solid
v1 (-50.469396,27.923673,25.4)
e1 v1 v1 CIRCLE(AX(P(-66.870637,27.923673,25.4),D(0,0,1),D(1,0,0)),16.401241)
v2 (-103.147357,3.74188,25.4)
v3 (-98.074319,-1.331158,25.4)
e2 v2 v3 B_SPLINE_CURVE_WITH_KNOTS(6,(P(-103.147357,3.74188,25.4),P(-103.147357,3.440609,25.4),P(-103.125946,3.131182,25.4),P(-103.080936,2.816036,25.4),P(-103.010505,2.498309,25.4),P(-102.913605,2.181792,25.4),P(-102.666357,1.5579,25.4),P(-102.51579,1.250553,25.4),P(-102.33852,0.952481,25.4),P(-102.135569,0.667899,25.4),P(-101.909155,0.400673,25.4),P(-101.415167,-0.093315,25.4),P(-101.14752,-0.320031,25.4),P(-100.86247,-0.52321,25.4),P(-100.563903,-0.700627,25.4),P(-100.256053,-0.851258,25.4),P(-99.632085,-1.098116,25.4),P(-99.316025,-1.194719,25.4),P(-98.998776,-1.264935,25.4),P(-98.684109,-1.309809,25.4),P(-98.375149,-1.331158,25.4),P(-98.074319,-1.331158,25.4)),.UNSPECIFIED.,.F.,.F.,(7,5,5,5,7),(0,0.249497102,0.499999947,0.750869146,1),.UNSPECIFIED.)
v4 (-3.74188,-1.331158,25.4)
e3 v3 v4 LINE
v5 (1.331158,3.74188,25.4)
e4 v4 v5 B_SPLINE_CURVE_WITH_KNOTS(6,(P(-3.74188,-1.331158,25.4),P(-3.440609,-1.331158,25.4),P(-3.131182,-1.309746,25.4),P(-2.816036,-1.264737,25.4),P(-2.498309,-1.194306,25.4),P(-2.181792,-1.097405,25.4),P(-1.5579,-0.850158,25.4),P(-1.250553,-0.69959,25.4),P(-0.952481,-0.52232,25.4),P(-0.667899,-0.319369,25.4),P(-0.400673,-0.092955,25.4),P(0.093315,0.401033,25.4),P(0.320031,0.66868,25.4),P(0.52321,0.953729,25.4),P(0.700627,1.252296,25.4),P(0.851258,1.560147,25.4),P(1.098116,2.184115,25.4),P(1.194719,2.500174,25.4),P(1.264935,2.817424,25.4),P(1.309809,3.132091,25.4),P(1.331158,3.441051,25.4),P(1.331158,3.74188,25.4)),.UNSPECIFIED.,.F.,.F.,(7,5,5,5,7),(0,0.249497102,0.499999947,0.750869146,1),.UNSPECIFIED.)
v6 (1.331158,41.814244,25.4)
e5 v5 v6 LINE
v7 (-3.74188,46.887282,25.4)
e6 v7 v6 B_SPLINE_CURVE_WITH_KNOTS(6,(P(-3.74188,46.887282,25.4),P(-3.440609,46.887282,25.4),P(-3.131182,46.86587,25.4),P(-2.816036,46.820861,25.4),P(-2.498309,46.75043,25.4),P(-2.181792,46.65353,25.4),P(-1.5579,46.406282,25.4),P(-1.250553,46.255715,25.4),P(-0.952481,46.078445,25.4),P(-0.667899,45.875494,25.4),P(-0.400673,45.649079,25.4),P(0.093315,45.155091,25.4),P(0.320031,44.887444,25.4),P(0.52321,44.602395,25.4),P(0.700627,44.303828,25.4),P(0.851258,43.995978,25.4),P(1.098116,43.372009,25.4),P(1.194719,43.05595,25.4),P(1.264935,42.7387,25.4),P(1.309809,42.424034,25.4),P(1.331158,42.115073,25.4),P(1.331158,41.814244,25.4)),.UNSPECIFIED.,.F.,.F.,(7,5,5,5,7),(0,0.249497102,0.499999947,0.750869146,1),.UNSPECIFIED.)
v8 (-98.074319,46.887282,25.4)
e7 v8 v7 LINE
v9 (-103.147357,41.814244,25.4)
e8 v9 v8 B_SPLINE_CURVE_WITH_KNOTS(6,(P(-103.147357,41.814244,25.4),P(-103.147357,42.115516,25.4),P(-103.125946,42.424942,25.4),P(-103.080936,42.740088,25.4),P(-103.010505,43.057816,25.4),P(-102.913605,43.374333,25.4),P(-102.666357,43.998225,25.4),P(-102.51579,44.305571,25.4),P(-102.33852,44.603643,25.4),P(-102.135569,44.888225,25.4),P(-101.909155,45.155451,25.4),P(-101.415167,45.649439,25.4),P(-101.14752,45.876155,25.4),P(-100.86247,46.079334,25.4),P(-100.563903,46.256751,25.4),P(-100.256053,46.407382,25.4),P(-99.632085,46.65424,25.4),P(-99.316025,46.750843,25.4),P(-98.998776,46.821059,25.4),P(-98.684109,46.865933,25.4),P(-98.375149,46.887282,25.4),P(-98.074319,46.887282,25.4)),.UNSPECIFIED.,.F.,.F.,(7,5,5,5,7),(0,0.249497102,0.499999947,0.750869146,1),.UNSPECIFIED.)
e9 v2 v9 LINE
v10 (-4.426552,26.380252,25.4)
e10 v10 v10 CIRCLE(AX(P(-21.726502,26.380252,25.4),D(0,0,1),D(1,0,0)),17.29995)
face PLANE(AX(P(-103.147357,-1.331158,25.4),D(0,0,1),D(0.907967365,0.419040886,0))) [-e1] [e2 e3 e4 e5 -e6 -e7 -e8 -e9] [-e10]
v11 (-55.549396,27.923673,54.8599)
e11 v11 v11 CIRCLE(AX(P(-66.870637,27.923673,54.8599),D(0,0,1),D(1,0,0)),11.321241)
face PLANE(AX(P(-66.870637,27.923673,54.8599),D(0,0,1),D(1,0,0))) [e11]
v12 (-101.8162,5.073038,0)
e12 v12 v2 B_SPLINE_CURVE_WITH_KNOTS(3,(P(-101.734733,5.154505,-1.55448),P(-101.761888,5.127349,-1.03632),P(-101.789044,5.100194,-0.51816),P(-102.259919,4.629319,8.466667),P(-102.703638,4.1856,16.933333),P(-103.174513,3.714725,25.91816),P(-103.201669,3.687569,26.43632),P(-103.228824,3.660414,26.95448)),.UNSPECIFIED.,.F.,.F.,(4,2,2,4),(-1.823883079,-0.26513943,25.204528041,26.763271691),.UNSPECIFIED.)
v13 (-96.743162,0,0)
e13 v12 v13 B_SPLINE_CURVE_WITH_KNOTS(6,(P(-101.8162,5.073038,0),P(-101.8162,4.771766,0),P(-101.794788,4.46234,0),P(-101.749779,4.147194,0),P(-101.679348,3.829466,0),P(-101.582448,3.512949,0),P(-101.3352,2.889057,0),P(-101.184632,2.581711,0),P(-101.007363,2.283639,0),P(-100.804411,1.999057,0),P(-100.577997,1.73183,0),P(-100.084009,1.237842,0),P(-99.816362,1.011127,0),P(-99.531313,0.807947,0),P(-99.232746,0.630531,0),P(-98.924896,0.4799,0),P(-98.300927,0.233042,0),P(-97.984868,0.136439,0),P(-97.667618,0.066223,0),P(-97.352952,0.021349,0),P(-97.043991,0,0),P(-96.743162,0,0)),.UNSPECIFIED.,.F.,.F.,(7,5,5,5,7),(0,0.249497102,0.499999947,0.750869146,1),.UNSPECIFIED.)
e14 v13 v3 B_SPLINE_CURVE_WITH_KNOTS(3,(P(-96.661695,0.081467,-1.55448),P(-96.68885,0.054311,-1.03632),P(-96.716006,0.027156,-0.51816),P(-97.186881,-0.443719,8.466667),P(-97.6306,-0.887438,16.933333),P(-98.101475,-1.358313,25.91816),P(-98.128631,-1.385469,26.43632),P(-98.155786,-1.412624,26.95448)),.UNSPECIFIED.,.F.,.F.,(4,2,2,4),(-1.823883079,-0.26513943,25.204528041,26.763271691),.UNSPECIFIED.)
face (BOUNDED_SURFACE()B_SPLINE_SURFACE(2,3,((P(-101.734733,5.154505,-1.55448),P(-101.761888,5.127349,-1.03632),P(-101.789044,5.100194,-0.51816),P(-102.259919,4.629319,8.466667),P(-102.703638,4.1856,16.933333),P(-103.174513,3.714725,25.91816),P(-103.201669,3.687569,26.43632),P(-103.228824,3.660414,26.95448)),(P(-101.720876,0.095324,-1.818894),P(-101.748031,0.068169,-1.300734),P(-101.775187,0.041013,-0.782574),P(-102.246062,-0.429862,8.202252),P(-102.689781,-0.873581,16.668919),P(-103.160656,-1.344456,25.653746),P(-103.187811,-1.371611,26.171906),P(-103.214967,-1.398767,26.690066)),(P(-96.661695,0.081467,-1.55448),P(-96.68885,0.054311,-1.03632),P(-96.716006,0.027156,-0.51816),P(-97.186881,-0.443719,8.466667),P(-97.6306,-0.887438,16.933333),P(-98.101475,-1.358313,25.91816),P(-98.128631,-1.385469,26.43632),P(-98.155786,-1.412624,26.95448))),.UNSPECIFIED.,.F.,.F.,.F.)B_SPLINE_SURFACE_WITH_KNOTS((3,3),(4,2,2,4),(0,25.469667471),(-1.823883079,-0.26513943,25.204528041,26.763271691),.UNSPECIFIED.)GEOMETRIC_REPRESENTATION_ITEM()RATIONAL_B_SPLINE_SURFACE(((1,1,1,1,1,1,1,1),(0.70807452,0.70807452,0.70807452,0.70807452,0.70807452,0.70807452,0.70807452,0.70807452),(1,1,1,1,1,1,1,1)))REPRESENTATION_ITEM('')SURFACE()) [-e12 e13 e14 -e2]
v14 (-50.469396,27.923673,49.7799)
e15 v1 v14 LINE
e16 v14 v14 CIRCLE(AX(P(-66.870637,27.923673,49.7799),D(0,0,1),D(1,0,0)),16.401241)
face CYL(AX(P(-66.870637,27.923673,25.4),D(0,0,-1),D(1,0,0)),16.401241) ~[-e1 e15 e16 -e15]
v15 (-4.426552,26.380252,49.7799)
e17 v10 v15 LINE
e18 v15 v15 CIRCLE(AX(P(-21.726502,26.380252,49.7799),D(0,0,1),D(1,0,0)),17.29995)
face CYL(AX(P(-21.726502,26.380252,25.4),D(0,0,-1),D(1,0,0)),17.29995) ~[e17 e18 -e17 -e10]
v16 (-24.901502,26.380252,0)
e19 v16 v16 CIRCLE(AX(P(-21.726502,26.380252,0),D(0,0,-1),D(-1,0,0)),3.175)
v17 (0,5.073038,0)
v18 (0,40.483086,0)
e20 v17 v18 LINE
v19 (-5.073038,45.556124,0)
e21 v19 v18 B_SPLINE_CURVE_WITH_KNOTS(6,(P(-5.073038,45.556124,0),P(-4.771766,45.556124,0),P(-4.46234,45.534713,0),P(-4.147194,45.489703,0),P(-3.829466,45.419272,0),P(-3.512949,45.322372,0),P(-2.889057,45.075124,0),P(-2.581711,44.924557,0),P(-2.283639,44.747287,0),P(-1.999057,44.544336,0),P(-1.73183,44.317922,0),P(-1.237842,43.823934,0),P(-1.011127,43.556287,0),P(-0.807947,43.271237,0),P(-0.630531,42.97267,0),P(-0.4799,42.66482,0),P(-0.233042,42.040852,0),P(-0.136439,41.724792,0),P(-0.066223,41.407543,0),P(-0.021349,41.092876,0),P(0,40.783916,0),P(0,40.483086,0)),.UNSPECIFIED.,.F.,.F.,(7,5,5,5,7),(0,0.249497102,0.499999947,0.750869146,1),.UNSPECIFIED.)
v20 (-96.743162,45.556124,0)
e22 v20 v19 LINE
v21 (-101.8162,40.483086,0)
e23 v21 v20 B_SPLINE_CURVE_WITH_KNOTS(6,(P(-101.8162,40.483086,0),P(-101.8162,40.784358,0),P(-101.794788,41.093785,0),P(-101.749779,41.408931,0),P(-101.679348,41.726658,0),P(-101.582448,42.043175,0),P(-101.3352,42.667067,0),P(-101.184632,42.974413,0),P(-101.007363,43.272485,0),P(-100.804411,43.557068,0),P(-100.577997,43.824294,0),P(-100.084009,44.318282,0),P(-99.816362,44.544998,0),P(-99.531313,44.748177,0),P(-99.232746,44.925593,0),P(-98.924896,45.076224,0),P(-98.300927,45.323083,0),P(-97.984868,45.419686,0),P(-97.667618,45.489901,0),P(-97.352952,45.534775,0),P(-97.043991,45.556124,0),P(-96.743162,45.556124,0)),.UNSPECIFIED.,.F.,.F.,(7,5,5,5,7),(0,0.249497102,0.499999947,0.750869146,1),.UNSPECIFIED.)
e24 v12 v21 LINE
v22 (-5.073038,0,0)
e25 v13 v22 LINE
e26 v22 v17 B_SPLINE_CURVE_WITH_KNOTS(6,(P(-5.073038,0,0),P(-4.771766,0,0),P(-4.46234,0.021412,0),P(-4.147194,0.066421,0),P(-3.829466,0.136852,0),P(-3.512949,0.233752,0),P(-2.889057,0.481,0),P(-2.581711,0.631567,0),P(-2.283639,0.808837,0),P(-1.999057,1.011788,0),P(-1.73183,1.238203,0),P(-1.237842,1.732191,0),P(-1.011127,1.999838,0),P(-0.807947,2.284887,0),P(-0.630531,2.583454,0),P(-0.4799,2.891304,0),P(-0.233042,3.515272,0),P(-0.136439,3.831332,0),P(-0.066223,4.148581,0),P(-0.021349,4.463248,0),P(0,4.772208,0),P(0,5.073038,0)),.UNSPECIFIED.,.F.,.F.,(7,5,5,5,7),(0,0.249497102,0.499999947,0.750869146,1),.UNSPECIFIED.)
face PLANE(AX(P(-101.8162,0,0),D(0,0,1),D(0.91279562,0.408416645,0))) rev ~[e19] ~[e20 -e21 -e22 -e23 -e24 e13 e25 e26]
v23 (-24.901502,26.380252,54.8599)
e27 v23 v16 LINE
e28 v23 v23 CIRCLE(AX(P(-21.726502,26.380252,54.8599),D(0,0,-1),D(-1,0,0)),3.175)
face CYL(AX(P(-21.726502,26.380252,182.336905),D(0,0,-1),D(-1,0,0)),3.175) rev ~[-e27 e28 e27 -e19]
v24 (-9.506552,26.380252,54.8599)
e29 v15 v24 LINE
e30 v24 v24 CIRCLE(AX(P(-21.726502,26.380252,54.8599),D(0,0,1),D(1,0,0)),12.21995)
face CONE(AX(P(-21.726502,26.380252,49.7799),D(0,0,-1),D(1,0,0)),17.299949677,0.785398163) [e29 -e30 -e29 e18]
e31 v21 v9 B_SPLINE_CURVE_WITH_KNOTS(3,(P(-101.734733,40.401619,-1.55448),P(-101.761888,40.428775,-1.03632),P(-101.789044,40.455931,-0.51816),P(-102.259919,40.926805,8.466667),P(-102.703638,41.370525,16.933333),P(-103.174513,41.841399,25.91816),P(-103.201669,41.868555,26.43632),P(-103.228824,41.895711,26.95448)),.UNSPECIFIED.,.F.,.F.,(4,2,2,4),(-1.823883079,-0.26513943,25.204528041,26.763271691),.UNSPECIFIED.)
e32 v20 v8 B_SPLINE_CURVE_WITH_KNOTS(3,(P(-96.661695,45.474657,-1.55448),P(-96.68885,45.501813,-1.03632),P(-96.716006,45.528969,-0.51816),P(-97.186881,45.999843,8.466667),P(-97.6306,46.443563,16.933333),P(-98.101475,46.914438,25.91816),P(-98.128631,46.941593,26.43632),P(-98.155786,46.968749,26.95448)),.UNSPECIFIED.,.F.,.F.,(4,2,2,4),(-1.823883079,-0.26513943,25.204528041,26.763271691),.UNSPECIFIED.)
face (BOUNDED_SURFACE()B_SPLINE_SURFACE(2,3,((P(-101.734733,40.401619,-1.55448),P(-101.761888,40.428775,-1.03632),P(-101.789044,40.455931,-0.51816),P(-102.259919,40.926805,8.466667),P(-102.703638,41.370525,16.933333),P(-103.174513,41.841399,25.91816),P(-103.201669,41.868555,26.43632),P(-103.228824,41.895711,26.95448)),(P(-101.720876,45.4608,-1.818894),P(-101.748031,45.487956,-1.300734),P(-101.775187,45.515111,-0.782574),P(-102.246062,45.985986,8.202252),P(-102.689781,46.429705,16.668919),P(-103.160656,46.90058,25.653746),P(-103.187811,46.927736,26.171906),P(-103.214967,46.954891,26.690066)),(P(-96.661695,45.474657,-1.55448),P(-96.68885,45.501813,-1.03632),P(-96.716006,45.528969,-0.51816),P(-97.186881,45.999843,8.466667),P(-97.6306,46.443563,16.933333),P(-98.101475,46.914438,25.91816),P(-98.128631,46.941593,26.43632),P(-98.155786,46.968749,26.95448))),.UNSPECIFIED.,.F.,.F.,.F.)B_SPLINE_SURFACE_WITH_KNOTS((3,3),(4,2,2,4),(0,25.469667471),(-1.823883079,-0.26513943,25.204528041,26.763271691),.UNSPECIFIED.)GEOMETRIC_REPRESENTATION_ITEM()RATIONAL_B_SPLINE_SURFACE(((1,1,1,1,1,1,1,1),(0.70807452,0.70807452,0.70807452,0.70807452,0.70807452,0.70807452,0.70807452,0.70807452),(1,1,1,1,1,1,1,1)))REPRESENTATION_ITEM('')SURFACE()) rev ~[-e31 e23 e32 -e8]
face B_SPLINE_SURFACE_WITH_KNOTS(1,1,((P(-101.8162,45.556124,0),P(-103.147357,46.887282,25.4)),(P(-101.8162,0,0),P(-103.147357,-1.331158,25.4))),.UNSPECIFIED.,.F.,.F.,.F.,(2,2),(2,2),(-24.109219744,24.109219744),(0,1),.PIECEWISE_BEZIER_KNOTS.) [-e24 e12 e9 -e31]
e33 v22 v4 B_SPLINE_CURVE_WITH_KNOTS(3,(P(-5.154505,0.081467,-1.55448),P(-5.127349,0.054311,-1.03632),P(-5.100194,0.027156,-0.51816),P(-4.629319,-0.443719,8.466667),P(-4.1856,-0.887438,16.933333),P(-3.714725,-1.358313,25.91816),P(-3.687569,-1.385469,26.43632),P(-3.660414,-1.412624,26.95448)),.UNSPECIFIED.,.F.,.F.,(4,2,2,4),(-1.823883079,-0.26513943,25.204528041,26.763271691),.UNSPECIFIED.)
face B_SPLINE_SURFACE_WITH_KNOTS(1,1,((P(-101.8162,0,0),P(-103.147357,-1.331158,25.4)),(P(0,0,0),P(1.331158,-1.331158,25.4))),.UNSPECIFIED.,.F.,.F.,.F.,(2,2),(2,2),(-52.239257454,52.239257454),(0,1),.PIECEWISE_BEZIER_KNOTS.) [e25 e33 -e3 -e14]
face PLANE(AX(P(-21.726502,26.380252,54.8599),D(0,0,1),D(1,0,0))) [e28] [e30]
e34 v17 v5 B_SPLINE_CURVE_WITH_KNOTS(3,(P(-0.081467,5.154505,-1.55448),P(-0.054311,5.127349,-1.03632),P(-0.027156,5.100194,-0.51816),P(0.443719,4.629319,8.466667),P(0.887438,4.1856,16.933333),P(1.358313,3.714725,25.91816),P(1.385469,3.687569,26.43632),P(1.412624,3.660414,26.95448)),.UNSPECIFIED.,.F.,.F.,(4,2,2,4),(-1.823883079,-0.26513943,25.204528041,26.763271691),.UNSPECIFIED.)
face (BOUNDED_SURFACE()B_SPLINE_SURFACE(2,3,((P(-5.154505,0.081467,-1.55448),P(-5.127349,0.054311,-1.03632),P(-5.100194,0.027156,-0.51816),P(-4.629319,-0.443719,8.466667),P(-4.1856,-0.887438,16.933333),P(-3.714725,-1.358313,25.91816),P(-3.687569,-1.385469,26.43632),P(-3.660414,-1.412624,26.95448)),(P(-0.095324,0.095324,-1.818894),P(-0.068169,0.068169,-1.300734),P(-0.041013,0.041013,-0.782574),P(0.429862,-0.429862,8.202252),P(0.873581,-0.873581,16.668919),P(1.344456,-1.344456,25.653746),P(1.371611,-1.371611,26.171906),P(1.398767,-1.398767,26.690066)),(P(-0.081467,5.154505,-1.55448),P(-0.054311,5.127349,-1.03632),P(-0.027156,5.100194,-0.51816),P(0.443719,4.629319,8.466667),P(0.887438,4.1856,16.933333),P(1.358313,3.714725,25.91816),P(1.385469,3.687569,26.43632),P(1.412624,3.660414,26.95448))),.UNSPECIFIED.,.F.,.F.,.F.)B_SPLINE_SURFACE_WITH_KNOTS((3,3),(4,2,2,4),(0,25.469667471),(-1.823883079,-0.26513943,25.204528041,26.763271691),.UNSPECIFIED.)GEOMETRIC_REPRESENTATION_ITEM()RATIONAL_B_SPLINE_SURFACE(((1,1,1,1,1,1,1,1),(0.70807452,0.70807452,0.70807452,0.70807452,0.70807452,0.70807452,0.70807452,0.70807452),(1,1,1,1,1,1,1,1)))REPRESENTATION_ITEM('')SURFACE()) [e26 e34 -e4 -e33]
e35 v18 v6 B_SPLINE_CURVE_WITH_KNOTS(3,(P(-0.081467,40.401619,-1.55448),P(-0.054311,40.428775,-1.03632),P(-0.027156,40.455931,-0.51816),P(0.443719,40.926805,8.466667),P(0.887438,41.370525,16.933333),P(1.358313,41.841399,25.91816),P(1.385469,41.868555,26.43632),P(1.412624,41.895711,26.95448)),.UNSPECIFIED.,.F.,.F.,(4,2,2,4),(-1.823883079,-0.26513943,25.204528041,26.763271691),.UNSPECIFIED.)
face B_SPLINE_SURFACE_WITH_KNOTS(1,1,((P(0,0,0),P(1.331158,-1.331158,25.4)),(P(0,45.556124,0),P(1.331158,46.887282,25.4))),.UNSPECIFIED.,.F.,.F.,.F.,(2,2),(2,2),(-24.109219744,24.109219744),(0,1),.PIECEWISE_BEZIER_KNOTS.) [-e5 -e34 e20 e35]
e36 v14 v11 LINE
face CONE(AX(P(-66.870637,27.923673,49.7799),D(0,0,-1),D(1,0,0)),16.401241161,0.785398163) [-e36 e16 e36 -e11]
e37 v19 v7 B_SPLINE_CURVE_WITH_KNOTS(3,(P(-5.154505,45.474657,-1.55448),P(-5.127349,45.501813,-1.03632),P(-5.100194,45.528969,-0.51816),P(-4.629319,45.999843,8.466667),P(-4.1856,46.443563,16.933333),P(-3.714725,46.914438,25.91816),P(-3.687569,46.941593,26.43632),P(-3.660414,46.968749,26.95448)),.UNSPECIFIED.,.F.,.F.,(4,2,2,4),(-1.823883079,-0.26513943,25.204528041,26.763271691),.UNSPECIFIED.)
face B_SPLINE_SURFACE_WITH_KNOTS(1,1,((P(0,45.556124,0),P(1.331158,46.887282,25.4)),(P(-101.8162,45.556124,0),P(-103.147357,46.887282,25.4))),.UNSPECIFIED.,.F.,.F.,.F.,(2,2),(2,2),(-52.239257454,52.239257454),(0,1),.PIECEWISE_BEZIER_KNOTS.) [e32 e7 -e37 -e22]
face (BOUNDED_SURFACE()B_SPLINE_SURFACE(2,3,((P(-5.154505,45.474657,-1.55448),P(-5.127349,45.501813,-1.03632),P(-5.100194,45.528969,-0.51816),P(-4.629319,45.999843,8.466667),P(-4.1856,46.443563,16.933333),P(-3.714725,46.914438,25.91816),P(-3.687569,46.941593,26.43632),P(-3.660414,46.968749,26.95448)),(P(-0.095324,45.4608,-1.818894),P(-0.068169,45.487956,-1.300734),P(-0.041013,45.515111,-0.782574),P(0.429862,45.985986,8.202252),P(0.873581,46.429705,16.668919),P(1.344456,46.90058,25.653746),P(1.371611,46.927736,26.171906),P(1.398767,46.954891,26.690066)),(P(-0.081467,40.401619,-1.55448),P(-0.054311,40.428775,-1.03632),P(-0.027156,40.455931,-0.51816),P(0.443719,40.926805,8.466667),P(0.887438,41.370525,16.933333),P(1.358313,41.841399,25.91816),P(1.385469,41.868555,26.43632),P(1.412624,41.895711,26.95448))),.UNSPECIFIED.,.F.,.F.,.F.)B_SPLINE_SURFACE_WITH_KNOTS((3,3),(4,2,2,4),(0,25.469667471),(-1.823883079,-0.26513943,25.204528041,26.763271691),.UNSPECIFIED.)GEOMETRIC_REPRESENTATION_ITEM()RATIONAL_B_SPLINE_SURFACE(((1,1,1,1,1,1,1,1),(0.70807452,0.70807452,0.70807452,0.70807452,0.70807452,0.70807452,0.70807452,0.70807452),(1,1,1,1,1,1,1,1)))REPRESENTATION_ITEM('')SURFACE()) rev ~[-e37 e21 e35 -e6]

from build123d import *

# Parameters (mm, degrees)
F0_W     = 101.8161997199
F0_H     = 45.5561242998
F1_DEPTH = 25.4
F1_TAPER = -3
F2_R     = 16.4012411608
F2_R_2   = 17.2999496767
F3_DEPTH = 29.4599
F4_R     = 5.08
F5_SIZE  = 5.08
F7_D     = 6.35


with BuildPart() as f1:
    # F0 (on Top) → F1 (new body)
    with BuildSketch(Plane.XY):
        with Locations((-50.90809986, 22.7780621499)):
            Rectangle(F0_W, F0_H)
    extrude(amount=F1_DEPTH, taper=F1_TAPER)

    # F2 (on face) → F3 (join)
    with BuildSketch(Plane.XY.offset(25.4)):
        with Locations((-66.870637238, 27.9236733913)):
            Circle(F2_R)
        with Locations((-21.7265021056, 26.3802520931)):
            Circle(F2_R_2)
    extrude(amount=F3_DEPTH)

    # F4
    f4_edges = [f1.edges().sort_by_distance(p)[0] for p in [
        (-102.481779, -0.665579, 12.7),
        (0.665579, -0.665579, 12.7),
        (0.665579, 46.221703, 12.7),
        (-102.481779, 46.221703, 12.7),
    ]]
    fillet(f4_edges, radius=F4_R)

    # F5
    f5_edges = [f1.edges().sort_by_distance(p)[0] for p in [
        (-39.026452, 26.380252, 54.8599),
        (-83.271878, 27.923673, 54.8599),
    ]]
    chamfer(f5_edges, length=F5_SIZE)

    # F7 (through all)
    with Locations(Plane.XY.offset(54.8599)):
        with Locations((-21.7265021056, 26.3802520931)):
            Hole(F7_D / 2)


solid = f1.part
